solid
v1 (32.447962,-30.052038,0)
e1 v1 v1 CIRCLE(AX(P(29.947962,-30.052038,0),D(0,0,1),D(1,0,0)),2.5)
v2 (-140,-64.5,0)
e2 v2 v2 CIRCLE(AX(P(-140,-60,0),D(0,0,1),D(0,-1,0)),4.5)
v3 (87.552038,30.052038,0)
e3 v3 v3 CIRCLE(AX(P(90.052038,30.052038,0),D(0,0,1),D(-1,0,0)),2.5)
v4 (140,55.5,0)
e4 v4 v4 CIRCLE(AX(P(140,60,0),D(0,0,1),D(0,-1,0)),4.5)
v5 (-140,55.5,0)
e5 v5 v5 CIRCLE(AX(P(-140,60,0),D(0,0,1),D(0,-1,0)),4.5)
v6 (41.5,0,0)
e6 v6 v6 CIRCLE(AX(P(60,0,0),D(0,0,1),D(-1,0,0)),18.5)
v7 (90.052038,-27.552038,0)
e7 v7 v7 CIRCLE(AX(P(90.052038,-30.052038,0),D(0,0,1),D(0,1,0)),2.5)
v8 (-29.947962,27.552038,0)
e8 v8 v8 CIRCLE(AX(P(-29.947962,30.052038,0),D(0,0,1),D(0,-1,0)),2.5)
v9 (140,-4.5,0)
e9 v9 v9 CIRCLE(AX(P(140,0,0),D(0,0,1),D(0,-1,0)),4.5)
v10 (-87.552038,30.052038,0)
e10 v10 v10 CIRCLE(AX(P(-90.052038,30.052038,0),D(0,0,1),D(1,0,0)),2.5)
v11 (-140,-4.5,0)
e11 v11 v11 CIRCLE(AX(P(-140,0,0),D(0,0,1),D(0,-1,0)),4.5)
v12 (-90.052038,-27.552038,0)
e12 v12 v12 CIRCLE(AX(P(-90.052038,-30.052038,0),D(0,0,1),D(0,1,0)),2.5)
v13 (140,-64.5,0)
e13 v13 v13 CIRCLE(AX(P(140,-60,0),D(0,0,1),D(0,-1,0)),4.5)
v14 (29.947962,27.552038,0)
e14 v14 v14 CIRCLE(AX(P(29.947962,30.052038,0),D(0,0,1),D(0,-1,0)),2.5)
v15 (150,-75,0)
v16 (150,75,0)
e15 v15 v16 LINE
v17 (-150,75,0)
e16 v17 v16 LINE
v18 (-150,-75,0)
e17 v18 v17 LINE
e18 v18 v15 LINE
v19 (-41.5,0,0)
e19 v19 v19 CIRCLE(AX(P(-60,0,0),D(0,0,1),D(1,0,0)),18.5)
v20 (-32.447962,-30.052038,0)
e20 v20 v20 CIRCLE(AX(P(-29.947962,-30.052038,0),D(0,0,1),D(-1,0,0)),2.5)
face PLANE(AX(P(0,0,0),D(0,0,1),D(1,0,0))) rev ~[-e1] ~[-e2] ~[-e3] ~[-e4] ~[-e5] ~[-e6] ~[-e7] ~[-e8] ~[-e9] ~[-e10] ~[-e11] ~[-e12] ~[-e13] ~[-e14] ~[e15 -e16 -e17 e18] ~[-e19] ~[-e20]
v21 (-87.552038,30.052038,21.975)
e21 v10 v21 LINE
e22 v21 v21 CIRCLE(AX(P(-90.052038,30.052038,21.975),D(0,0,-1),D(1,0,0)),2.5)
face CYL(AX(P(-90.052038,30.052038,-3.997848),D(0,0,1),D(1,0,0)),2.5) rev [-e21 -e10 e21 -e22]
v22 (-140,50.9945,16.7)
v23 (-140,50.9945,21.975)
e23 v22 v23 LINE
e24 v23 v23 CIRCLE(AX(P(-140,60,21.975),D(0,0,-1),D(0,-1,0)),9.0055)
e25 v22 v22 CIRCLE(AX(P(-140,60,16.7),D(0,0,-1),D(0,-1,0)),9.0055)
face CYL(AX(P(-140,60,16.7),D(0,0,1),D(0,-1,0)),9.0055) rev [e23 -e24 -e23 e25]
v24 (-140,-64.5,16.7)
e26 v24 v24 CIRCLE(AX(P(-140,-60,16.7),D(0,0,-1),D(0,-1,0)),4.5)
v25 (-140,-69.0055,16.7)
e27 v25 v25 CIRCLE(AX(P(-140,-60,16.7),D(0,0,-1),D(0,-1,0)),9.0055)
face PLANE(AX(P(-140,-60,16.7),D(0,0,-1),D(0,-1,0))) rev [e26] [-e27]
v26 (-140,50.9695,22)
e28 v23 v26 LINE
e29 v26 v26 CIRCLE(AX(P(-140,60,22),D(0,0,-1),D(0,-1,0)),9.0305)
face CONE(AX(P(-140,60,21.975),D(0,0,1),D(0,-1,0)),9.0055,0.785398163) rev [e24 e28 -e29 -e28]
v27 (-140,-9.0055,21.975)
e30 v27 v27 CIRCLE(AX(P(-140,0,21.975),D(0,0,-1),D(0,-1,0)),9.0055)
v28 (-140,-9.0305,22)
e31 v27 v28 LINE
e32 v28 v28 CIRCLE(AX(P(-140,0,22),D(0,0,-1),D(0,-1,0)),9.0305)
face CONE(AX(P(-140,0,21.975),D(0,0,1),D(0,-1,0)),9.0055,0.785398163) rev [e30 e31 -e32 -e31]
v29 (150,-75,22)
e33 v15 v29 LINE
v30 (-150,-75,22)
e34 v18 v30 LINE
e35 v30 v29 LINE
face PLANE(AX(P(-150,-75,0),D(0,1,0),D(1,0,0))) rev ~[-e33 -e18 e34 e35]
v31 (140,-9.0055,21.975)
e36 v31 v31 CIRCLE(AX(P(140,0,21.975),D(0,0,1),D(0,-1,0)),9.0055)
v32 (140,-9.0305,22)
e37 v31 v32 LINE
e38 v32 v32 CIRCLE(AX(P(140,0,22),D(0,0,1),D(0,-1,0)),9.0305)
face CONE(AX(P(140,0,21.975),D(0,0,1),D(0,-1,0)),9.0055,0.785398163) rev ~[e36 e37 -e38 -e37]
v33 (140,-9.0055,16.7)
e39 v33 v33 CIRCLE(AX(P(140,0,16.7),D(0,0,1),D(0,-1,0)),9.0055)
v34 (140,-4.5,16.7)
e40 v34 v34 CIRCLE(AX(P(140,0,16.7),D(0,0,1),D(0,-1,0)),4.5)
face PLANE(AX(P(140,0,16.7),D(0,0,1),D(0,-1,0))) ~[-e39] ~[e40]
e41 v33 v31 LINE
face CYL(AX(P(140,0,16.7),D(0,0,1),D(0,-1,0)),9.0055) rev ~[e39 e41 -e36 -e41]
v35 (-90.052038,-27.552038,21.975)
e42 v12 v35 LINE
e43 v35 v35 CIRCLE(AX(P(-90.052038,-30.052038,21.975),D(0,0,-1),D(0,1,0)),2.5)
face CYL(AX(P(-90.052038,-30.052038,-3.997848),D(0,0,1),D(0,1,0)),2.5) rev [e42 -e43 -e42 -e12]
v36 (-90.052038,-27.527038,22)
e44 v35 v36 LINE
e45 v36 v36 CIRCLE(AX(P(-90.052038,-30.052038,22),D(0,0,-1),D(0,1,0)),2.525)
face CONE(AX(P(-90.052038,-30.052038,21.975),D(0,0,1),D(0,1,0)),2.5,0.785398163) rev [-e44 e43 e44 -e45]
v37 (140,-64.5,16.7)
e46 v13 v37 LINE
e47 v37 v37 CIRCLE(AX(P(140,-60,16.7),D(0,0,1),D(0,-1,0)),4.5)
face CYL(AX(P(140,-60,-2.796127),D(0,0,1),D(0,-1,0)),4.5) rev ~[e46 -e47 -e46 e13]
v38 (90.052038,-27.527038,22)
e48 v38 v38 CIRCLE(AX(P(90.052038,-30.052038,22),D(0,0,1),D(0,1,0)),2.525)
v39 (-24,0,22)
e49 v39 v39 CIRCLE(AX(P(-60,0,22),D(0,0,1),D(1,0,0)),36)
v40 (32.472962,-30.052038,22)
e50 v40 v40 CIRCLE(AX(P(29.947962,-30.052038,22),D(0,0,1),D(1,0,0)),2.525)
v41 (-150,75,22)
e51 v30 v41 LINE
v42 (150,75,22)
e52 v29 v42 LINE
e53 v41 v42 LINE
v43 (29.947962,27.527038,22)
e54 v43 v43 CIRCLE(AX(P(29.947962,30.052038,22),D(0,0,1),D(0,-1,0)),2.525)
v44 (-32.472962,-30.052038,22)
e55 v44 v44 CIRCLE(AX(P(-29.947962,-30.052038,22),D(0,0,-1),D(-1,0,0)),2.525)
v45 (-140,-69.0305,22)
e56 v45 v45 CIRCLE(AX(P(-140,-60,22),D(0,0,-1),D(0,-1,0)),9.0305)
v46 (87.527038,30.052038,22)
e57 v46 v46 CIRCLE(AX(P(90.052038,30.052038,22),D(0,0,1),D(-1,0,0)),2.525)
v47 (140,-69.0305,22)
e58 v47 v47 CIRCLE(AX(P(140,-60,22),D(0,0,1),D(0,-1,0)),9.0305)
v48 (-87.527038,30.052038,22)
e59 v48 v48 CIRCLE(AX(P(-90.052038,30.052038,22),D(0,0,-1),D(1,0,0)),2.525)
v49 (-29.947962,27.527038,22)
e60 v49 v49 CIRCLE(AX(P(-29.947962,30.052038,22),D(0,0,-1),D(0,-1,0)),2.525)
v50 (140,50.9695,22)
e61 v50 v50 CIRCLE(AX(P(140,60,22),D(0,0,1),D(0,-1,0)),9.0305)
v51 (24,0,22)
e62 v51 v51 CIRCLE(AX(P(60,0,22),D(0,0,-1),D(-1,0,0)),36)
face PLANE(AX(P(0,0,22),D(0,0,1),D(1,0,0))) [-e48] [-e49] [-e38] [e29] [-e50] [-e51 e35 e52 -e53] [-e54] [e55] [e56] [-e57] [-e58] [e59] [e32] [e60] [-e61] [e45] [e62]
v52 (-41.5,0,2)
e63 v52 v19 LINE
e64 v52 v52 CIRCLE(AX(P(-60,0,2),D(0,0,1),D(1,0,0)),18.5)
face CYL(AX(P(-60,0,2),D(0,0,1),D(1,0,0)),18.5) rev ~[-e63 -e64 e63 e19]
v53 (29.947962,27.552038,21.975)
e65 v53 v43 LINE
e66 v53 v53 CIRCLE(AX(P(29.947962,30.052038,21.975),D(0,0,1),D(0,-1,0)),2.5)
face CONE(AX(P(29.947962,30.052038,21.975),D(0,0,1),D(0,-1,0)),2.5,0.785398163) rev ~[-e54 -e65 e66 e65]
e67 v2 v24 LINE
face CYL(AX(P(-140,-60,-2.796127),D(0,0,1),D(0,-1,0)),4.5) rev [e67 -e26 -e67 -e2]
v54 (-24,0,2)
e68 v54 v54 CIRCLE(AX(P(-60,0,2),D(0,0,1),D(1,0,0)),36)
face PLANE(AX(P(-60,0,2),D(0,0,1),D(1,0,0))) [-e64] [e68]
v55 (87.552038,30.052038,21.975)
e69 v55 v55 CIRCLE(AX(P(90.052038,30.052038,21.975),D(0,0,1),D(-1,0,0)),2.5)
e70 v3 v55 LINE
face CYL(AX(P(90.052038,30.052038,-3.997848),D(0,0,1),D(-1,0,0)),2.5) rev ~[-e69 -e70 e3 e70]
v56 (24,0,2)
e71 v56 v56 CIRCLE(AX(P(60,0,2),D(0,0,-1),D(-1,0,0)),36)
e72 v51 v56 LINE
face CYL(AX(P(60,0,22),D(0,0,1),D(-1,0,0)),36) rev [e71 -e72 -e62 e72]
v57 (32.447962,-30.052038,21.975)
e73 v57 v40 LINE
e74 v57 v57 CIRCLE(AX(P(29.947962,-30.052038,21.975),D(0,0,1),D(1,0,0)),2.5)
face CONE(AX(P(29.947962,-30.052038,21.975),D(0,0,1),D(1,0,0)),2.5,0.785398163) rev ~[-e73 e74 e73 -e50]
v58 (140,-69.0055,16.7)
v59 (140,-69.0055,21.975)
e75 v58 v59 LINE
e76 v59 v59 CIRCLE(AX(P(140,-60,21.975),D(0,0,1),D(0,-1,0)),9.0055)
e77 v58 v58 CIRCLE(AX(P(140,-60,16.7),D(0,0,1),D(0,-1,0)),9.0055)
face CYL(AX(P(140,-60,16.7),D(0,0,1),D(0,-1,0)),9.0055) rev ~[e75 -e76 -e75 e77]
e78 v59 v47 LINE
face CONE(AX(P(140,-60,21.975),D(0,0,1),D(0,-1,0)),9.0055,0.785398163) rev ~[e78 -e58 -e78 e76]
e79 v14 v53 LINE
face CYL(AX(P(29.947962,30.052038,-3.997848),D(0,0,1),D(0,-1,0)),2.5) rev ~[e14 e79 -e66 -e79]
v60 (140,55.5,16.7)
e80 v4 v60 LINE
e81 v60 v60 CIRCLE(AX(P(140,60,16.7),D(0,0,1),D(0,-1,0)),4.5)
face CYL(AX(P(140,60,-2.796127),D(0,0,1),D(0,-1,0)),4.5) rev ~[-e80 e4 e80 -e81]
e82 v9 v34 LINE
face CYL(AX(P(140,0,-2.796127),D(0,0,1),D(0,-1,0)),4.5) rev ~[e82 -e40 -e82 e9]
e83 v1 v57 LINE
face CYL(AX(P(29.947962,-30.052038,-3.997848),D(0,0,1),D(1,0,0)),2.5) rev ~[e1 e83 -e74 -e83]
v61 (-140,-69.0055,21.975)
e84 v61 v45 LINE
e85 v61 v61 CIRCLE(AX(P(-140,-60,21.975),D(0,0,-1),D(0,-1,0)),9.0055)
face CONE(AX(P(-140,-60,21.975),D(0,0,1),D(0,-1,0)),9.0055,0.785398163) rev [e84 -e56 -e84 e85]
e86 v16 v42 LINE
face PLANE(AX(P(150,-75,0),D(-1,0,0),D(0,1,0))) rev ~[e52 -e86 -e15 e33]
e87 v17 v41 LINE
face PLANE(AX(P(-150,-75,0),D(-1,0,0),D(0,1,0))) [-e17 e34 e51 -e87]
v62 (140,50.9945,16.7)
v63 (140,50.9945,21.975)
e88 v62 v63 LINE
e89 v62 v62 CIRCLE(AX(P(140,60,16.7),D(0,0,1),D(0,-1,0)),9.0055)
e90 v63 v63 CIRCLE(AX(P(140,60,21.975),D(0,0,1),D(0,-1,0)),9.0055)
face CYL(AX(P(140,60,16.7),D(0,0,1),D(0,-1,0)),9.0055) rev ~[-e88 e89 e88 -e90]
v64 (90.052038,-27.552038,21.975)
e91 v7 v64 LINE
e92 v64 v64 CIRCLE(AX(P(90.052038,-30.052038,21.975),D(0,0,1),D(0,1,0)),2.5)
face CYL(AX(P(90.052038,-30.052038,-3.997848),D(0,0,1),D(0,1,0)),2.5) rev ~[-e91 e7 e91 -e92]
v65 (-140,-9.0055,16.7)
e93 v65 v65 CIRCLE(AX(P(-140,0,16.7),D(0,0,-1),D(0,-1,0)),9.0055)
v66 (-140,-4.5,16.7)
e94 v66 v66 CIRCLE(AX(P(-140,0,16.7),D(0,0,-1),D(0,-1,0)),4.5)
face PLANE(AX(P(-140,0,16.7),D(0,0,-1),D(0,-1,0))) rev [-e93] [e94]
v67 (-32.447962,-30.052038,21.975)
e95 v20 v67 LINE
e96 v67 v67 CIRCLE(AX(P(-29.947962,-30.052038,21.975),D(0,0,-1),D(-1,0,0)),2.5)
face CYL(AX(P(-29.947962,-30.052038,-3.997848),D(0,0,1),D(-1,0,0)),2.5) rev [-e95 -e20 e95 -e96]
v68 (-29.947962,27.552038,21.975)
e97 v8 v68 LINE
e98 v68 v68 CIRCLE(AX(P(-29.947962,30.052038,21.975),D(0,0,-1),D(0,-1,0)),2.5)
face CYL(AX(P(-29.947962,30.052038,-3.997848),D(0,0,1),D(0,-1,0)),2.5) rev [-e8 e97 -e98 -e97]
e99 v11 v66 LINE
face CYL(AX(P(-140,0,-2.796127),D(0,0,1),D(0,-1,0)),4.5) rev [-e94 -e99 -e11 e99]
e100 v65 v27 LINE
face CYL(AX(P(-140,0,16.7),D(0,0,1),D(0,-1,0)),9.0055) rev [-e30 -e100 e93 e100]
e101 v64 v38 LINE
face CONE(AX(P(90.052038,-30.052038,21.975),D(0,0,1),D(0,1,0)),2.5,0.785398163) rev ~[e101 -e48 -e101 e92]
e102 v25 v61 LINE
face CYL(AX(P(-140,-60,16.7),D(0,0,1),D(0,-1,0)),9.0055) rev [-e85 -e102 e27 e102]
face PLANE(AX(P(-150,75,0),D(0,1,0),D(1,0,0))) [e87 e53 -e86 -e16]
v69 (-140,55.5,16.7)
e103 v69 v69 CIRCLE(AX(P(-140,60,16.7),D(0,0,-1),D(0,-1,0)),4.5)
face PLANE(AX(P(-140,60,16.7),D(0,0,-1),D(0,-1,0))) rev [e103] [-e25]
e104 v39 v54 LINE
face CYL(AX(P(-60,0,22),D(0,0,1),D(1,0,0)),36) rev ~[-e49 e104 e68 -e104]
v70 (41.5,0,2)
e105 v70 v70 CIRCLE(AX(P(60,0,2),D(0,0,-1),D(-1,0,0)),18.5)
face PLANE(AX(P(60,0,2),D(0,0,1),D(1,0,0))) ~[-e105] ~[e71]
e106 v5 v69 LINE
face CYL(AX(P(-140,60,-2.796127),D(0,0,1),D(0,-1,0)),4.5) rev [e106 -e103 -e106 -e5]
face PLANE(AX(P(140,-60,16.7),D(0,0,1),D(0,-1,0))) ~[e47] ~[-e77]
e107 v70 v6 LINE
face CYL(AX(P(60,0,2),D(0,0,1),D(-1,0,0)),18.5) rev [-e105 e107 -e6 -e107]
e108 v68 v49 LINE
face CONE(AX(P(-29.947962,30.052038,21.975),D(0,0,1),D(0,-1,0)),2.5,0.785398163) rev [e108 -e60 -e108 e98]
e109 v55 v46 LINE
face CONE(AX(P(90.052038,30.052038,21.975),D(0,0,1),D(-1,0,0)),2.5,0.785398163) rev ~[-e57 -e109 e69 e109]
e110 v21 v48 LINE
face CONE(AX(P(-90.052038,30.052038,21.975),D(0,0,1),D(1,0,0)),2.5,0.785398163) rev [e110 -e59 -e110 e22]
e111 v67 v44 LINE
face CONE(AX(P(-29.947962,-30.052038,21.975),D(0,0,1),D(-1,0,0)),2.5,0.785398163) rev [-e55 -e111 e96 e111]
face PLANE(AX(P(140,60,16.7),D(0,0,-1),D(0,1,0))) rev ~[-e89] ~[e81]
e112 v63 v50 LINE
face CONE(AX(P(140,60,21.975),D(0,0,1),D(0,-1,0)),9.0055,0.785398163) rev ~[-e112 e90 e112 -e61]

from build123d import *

# Parameters (mm, degrees)
SKETCH1_W                              = 300
SKETCH1_H                              = 150
BOSS_EXTRUDE1_DEPTH                    = 22
SKETCH2_R                              = 36
CUT_EXTRUDE1_DEPTH                     = 20
SKETCH3_R                              = 18.5
CUT_EXTRUDE2_DEPTH                     = 19
CBORE_FOR_M8_HEX_HEAD_BOLT1_AT_2_COUNT = 2
CBORE_FOR_M8_HEX_HEAD_BOLT1_AT_2_PITCH = 60
CBORE_FOR_M8_HEX_HEAD_BOLT1_AT_3_COUNT = 2
CBORE_FOR_M8_HEX_HEAD_BOLT1_AT_3_PITCH = 120
CIRPATTERN1_COUNT                      = 4


with BuildPart() as part:
    # Sketch1 → Boss-Extrude1 (new body)
    with BuildSketch(Plane.XY):
        Rectangle(SKETCH1_W, SKETCH1_H)
    extrude(amount=BOSS_EXTRUDE1_DEPTH)

    # Sketch2 → Cut-Extrude1 (cut)
    with BuildSketch(Plane.XY.offset(22)):
        with Locations((-60, 0)):
            Circle(SKETCH2_R)
    cut_extrude1 = extrude(amount=-CUT_EXTRUDE1_DEPTH, mode=Mode.SUBTRACT)

    # Sketch3 → Cut-Extrude2 (cut)
    with BuildSketch(Plane.XY.offset(2)):
        with Locations((-60, 0)):
            Circle(SKETCH3_R)
    cut_extrude2 = extrude(amount=-CUT_EXTRUDE2_DEPTH, mode=Mode.SUBTRACT)

    # Sketch6 → CBORE for M8 Hex Head Bolt1 (revolve, cut)
    with BuildSketch(Plane(origin=(-140, 60, 22), x_dir=(0, -1, 0), z_dir=(1, 0, 0))):
        Polygon((0, 0), (0, 27.5), (4.5, 24.796127214), (4.5, 5.3), (9.0055, 5.3), (9.0055, 0.025), (9.0305, 0), align=None)
    cbore_for_m8_hex_head_bolt1 = revolve(axis=Axis((-140, 60, 28.35), (0, 0, -1)), mode=Mode.SUBTRACT)

    # CBORE for M8 Hex Head Bolt1 at 2: CBORE for M8 Hex Head Bolt1 ×2
    with Locations(*[(0, -i * CBORE_FOR_M8_HEX_HEAD_BOLT1_AT_2_PITCH, 0) for i in range(1, CBORE_FOR_M8_HEX_HEAD_BOLT1_AT_2_COUNT)]):
        add(cbore_for_m8_hex_head_bolt1, mode=Mode.SUBTRACT)

    # CBORE for M8 Hex Head Bolt1 at 3: CBORE for M8 Hex Head Bolt1 ×2
    with Locations(*[(0, -i * CBORE_FOR_M8_HEX_HEAD_BOLT1_AT_3_PITCH, 0) for i in range(1, CBORE_FOR_M8_HEX_HEAD_BOLT1_AT_3_COUNT)]):
        add(cbore_for_m8_hex_head_bolt1, mode=Mode.SUBTRACT)

    # Mirror1: Cut-Extrude2, Cut-Extrude1, CBORE for M8 Hex Head Bolt1 across plane
    add(cut_extrude2.mirror(Plane(origin=(0, 0, 0), x_dir=(0, 0, 1), z_dir=(1, 0, 0))), mode=Mode.SUBTRACT)
    add(cut_extrude1.mirror(Plane(origin=(0, 0, 0), x_dir=(0, 0, 1), z_dir=(1, 0, 0))), mode=Mode.SUBTRACT)
    add(cbore_for_m8_hex_head_bolt1.mirror(Plane(origin=(0, 0, 0), x_dir=(0, 0, 1), z_dir=(1, 0, 0))), mode=Mode.SUBTRACT)

    # Mirror1 copy 1 sketch → Mirror1 copy 1 (revolve, cut)
    with BuildSketch(Plane(origin=(140, 0, 22), x_dir=(0, -1, 0), z_dir=(-1, 0, 0))):
        Polygon((0, 0), (0, -27.5), (4.5, -24.796127214), (4.5, -5.3), (9.0055, -5.3), (9.0055, -0.025), (9.0305, 0), align=None)
    revolve(axis=Axis((140, 0, 28.35), (0, 0, 1)), mode=Mode.SUBTRACT)

    # Mirror1 copy 2 sketch → Mirror1 copy 2 (revolve, cut)
    with BuildSketch(Plane(origin=(140, -60, 22), x_dir=(0, -1, 0), z_dir=(-1, 0, 0))):
        Polygon((0, 0), (0, -27.5), (4.5, -24.796127214), (4.5, -5.3), (9.0055, -5.3), (9.0055, -0.025), (9.0305, 0), align=None)
    revolve(axis=Axis((140, -60, 28.35), (0, 0, 1)), mode=Mode.SUBTRACT)

    # Sketch9 → Tap Drill for M6 Tap1 (revolve, cut)
    with BuildSketch(Plane(origin=(-29.9479618, 30.0520382, 22), x_dir=(0, -1, 0), z_dir=(1, 0, 0))):
        Polygon((0, 0), (0, 27.5), (2.5, 25.997848452), (2.5, 0.025), (2.525, 0), align=None)
    tap_drill_for_m6_tap1 = revolve(axis=Axis((-29.9479618, 30.0520382, 28.35), (0, 0, -1)), mode=Mode.SUBTRACT)

    # CirPattern1: Tap Drill for M6 Tap1 ×4 about axis
    cirpattern1_axis = Axis((-60, 0, 0), (0, 0, 1))
    for i in range(1, CIRPATTERN1_COUNT):
        add(tap_drill_for_m6_tap1.rotate(cirpattern1_axis, i * 360 / CIRPATTERN1_COUNT), mode=Mode.SUBTRACT)

    # Mirror2: Tap Drill for M6 Tap1 across plane
    add(tap_drill_for_m6_tap1.mirror(Plane(origin=(0, 0, 0), x_dir=(0, 0, 1), z_dir=(1, 0, 0))), mode=Mode.SUBTRACT)

    # Mirror2 copy 1 sketch → Mirror2 copy 1 (revolve, cut)
    with BuildSketch(Plane(origin=(90.0520382, 30.0520382, 22), x_dir=(-1, 0, 0), z_dir=(0, 1, 0))):
        Polygon((0, 0), (0, -27.5), (2.5, -25.997848452), (2.5, -0.025), (2.525, 0), align=None)
    revolve(axis=Axis((90.0520382, 30.0520382, 28.35), (0, 0, 1)), mode=Mode.SUBTRACT)

    # Mirror2 copy 2 sketch → Mirror2 copy 2 (revolve, cut)
    with BuildSketch(Plane(origin=(90.0520382, -30.0520382, 22), x_dir=(0, 1, 0), z_dir=(1, 0, 0))):
        Polygon((0, 0), (0, -27.5), (2.5, -25.997848452), (2.5, -0.025), (2.525, 0), align=None)
    revolve(axis=Axis((90.0520382, -30.0520382, 28.35), (0, 0, 1)), mode=Mode.SUBTRACT)

    # Mirror2 copy 3 sketch → Mirror2 copy 3 (revolve, cut)
    with BuildSketch(Plane(origin=(29.9479618, -30.0520382, 22), x_dir=(1, 0, 0), z_dir=(0, -1, 0))):
        Polygon((0, 0), (0, -27.5), (2.5, -25.997848452), (2.5, -0.025), (2.525, 0), align=None)
    revolve(axis=Axis((29.9479618, -30.0520382, 28.35), (0, 0, 1)), mode=Mode.SUBTRACT)


solid = part.part
